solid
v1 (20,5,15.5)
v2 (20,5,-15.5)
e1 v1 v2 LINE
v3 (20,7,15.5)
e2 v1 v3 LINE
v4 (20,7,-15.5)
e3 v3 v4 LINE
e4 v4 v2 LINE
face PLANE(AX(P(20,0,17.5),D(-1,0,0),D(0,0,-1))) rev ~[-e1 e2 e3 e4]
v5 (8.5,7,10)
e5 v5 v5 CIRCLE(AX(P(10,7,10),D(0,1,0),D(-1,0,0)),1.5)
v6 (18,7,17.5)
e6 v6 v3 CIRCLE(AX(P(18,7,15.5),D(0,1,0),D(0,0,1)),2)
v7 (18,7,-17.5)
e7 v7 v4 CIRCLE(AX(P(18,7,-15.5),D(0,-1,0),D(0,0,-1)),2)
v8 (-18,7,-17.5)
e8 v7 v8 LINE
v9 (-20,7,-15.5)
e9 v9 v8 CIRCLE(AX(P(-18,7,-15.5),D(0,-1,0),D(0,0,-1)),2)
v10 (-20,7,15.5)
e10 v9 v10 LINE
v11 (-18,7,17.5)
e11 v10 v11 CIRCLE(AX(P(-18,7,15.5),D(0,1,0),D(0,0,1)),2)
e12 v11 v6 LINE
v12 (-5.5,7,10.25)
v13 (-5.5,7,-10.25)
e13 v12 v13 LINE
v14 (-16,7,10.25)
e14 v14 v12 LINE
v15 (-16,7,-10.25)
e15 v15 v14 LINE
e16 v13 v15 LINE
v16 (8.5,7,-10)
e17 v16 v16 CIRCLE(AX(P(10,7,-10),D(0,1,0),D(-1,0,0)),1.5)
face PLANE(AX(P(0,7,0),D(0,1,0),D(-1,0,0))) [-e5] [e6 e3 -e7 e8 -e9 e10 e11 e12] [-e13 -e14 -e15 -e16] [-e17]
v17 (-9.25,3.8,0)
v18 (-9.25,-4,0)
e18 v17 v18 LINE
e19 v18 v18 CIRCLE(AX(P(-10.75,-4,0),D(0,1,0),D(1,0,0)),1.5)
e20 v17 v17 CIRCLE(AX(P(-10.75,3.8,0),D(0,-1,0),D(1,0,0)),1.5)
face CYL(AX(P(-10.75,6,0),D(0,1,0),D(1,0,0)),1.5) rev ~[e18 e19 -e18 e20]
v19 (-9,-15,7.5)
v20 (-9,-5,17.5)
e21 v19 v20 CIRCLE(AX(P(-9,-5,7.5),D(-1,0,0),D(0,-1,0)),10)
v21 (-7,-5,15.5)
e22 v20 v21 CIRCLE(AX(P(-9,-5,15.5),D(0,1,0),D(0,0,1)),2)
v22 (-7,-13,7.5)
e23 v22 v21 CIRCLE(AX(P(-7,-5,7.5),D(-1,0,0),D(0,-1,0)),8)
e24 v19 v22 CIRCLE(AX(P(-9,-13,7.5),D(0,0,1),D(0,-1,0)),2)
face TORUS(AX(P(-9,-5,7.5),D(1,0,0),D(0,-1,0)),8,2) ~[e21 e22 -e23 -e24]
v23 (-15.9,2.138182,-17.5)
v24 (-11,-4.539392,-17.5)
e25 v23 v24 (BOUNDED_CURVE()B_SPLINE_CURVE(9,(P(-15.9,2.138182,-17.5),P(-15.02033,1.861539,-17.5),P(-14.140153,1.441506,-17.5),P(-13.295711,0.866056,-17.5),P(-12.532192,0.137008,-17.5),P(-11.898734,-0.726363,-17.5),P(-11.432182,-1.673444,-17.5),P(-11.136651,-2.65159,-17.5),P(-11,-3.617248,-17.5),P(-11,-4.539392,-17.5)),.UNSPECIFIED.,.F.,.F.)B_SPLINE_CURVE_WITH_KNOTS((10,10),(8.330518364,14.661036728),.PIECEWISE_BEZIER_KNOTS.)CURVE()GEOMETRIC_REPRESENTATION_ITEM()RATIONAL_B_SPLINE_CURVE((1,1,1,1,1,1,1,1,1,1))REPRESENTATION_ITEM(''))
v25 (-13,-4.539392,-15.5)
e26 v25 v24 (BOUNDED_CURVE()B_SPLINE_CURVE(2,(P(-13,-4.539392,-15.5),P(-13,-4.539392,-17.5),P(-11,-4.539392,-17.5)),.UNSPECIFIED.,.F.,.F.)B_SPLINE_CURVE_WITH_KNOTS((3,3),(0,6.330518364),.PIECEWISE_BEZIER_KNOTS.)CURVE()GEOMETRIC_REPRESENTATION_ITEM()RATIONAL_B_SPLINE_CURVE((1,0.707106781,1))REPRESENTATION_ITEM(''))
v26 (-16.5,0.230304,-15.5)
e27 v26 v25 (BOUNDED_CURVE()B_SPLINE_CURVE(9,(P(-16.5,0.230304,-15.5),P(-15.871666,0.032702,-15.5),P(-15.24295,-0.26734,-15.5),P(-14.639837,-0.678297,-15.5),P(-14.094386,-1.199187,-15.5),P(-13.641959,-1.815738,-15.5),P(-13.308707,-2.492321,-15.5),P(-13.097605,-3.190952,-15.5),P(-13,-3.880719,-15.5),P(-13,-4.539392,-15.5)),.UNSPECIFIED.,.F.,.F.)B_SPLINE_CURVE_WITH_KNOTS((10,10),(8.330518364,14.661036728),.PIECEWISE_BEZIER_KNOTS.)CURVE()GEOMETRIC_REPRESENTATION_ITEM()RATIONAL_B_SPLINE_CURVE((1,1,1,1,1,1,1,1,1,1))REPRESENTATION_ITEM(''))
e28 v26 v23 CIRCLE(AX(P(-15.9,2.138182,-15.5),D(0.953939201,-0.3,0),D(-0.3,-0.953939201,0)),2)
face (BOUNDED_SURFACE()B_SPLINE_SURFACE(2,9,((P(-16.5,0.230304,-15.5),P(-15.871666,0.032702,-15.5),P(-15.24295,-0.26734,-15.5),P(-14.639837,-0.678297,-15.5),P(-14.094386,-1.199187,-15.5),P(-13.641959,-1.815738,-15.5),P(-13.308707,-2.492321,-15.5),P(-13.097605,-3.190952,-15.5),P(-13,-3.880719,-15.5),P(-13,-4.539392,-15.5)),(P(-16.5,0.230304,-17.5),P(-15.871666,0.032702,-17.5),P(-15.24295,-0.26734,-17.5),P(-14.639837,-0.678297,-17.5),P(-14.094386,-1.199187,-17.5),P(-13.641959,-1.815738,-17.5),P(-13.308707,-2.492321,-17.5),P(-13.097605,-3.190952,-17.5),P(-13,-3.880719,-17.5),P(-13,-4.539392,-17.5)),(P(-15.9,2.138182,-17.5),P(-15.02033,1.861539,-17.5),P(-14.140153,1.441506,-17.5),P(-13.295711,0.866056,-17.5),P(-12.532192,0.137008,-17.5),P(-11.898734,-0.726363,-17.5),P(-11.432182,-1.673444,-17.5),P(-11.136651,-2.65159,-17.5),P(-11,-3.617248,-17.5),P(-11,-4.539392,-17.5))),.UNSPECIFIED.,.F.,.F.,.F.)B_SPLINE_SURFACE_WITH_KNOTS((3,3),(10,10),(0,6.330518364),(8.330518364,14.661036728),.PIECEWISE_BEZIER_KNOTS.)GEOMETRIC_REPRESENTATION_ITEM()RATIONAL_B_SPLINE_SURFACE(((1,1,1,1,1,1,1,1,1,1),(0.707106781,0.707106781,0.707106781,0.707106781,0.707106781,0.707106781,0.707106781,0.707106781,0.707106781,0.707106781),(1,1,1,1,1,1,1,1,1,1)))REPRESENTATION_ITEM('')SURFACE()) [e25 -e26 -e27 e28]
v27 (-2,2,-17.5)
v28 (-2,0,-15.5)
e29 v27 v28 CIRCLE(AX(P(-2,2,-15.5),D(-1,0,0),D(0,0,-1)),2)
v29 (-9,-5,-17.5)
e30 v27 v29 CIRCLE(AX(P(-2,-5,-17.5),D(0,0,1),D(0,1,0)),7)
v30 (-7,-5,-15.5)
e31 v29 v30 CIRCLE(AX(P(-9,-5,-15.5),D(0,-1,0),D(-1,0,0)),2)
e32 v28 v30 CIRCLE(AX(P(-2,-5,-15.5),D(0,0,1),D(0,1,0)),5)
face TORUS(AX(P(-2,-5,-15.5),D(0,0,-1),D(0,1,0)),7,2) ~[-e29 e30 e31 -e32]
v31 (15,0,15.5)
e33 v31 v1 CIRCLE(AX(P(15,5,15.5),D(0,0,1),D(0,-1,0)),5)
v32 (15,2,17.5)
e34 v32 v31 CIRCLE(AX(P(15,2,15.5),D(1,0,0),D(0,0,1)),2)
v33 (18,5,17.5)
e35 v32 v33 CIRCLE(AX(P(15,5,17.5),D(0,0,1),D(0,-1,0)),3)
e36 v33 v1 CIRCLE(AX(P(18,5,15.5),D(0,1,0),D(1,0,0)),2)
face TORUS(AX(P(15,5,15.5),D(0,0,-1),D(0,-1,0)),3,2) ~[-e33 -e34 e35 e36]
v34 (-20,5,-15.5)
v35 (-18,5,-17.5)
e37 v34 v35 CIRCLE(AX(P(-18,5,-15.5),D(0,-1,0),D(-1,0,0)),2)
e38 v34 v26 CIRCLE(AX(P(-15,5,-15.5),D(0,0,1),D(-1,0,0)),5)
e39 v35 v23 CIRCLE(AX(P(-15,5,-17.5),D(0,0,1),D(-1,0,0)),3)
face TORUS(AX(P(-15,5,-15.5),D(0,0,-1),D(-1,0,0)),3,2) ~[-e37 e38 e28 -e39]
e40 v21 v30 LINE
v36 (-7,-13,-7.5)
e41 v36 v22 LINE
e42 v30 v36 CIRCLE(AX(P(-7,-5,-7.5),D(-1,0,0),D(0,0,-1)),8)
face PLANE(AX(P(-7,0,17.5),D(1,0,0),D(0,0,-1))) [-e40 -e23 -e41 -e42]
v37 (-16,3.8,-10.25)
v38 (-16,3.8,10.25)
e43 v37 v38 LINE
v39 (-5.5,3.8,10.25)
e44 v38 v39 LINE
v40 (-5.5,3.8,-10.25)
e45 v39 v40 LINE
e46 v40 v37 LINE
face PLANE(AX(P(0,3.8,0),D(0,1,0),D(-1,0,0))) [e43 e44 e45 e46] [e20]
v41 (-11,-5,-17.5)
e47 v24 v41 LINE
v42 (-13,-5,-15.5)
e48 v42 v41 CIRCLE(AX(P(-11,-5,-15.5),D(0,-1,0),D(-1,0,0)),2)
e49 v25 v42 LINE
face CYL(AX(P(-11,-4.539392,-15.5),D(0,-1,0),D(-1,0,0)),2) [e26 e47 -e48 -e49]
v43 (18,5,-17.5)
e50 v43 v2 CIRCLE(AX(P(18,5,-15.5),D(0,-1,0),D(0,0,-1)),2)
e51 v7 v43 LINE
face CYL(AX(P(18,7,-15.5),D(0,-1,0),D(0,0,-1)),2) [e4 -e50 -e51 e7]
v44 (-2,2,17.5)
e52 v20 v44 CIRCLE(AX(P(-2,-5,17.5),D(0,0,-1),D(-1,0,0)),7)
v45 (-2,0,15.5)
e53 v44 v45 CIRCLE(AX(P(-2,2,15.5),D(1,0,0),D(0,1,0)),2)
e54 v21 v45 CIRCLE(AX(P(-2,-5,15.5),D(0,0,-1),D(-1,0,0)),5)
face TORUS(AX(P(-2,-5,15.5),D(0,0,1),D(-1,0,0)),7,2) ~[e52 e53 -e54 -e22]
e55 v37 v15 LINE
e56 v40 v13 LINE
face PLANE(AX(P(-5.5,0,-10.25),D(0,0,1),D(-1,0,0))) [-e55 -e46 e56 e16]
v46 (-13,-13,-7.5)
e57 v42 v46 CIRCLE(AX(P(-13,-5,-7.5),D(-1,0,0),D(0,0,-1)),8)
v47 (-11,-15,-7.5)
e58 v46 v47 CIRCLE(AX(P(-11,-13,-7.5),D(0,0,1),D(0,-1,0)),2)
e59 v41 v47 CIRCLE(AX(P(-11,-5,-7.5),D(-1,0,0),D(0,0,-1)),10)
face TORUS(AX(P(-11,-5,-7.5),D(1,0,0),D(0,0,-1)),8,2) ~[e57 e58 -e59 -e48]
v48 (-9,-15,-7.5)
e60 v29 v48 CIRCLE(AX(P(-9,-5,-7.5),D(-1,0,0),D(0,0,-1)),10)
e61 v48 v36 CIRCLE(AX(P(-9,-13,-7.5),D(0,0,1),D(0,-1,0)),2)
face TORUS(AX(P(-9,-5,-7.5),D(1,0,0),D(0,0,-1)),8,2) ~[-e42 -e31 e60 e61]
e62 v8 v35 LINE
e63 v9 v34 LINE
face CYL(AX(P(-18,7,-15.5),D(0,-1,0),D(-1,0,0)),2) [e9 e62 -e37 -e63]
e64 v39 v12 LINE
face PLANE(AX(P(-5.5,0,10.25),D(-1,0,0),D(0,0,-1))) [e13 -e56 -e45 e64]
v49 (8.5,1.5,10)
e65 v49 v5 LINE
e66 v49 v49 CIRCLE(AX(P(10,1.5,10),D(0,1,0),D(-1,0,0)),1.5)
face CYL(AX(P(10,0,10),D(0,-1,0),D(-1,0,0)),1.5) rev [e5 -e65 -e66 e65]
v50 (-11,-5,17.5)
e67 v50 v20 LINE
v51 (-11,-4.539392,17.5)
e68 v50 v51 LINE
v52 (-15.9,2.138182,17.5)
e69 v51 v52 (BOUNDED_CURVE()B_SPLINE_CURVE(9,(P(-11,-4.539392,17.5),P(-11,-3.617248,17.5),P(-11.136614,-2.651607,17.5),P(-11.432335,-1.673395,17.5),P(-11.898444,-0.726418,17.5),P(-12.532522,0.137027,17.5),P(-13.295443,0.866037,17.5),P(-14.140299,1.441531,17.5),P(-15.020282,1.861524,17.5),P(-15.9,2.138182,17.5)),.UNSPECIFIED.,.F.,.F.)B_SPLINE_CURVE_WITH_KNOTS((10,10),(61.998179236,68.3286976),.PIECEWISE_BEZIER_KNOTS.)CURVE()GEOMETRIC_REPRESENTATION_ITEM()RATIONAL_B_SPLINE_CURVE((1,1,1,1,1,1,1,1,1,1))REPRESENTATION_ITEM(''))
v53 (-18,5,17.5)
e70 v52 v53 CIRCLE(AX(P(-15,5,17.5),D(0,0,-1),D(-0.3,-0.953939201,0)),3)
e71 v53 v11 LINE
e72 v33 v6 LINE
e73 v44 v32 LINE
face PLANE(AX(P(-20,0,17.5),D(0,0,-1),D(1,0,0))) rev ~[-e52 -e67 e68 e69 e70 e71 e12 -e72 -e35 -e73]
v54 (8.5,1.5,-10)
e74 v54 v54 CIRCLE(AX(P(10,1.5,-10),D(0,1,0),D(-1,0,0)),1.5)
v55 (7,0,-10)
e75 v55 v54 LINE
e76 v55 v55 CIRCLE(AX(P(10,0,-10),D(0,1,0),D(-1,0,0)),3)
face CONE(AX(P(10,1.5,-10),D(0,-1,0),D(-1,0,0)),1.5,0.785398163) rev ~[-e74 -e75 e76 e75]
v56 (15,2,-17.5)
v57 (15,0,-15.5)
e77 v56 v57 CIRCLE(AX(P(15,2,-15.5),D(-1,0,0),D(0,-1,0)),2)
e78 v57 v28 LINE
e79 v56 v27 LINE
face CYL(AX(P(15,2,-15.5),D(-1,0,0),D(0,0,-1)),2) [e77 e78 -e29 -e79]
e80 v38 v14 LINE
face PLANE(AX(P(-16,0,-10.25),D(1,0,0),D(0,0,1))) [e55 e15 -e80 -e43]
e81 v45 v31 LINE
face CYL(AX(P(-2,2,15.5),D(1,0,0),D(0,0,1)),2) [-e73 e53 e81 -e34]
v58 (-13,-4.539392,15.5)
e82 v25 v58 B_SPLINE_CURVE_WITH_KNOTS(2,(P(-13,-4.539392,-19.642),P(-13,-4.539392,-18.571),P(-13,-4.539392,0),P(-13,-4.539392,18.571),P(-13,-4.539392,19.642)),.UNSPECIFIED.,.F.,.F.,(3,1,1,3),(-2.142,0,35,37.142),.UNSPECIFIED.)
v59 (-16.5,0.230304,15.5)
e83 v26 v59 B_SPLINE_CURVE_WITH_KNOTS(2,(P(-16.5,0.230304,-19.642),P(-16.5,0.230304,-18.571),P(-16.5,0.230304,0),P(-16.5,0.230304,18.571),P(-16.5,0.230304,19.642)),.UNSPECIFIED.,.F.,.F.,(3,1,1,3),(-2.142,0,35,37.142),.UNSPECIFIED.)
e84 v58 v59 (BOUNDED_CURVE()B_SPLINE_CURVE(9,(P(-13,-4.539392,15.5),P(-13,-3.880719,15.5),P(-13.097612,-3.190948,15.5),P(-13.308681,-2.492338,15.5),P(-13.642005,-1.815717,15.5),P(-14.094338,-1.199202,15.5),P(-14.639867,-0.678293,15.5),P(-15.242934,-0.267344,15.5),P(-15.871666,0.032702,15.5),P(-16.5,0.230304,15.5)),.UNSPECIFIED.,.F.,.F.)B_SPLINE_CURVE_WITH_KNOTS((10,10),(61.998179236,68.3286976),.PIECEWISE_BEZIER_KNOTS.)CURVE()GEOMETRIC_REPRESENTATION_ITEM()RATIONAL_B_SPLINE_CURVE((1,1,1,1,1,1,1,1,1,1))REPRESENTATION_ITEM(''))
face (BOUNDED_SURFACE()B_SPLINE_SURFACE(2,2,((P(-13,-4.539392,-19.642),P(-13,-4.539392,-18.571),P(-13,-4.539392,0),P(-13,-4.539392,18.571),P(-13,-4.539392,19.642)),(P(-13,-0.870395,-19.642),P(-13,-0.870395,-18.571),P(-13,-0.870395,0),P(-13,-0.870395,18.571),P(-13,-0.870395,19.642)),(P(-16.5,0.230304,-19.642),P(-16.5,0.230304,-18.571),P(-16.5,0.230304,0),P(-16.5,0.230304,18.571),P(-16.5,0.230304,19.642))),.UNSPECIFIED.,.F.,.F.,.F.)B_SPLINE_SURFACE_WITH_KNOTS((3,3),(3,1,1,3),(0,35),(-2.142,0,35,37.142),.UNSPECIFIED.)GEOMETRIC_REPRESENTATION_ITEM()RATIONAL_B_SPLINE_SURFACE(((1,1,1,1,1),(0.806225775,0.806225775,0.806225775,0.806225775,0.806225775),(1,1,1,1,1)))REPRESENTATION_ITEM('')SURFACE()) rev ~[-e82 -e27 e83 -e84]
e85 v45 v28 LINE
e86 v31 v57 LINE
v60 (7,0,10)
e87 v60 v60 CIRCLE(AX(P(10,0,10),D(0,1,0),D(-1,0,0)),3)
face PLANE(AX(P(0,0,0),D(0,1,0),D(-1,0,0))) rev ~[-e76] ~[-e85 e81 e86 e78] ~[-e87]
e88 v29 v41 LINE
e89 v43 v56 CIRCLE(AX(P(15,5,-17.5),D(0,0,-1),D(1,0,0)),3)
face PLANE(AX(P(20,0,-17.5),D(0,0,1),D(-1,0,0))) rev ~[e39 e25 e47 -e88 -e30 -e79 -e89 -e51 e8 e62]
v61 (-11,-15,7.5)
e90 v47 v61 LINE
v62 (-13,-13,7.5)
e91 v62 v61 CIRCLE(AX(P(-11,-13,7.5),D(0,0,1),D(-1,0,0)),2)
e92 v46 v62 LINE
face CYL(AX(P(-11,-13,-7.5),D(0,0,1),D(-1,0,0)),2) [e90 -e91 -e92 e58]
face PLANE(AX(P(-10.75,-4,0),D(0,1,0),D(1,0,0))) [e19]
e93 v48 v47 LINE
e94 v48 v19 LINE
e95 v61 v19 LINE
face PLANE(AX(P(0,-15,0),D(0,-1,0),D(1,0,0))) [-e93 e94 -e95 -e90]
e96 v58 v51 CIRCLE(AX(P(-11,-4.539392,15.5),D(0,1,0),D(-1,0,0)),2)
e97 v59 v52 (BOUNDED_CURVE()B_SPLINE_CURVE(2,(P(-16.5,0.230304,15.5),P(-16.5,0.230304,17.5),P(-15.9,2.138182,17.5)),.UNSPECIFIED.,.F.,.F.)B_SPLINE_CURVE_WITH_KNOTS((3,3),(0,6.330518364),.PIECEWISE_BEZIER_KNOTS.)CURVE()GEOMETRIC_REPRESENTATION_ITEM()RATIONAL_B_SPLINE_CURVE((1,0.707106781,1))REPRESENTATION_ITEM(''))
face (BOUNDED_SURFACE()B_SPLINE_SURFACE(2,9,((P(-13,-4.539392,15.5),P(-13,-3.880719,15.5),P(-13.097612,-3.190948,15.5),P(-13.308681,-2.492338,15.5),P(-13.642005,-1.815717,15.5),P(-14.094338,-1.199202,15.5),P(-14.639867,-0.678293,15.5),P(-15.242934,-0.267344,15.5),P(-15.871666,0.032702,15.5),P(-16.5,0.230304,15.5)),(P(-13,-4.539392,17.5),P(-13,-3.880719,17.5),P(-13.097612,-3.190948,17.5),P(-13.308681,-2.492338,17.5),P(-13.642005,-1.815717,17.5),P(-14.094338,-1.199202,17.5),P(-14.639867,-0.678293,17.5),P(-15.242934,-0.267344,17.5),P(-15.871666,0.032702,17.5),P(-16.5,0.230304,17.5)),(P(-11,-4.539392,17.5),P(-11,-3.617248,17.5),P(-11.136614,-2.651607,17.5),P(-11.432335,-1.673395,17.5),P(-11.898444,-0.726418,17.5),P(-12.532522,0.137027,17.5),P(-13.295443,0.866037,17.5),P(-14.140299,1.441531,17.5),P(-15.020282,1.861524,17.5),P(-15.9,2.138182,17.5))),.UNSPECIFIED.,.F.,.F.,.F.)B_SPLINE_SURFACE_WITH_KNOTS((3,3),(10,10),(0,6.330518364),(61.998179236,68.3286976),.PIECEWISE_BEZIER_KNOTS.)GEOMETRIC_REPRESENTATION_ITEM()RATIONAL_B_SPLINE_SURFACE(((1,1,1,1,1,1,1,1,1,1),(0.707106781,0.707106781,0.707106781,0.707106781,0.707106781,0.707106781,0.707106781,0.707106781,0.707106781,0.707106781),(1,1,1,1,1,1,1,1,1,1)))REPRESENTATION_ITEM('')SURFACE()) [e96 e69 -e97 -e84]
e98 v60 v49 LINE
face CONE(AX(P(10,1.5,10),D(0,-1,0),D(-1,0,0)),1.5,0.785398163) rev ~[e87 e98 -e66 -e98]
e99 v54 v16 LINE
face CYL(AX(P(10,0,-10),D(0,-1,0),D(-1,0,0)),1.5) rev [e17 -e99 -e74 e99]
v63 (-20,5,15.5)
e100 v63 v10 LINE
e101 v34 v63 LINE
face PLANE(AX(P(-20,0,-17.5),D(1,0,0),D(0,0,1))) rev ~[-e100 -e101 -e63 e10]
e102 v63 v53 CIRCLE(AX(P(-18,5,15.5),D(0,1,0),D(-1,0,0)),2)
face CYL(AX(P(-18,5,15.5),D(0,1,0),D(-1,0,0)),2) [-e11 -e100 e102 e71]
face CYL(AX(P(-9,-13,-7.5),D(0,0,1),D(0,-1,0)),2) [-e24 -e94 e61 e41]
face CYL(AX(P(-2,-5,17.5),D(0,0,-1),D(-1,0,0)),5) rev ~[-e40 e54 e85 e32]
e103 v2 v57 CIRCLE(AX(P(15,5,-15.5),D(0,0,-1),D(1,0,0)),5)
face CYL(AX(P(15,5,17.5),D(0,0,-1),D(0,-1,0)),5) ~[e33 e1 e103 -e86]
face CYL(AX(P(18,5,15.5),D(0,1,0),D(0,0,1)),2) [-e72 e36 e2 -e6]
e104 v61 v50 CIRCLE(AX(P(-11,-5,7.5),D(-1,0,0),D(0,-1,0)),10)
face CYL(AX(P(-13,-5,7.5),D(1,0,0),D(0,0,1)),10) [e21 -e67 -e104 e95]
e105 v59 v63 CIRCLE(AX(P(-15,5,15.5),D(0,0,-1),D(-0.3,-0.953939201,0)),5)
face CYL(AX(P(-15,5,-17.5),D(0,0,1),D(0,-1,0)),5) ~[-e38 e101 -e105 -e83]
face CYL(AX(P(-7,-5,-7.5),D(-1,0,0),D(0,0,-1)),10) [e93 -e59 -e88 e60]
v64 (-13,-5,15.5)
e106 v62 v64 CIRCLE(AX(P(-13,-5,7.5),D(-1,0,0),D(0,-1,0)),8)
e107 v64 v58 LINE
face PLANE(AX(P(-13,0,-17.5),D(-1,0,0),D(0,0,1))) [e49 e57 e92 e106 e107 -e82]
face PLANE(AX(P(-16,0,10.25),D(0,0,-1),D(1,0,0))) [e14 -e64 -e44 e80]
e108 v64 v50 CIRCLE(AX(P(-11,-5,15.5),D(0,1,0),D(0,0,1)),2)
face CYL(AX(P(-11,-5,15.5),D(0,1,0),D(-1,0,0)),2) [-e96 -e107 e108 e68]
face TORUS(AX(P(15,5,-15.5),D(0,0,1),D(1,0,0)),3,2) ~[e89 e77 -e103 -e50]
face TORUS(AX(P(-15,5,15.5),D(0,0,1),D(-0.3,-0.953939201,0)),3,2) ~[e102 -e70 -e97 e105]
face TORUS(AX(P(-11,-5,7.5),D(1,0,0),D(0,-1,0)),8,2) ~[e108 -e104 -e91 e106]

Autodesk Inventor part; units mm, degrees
ref_plane "YZ Plane" through (0, 0, 0) normal (1, 0, 0) x (0, 1, 0)
ref_plane "XZ Plane" through (0, 0, 0) normal (0, 1, 0) x (-1, 0, 0)
ref_plane "XY Plane" through (0, 0, 0) normal (0, 0, 1) x (1, 0, 0)
sketch "Эскиз1" plane through (0, 0, 0) normal (0, 1, 0) x (-1, 0, 0)
  line L0 (-20, -17.5) -> (20, -17.5)
  line L1 (20, -17.5) -> (20, 17.5)
  line L2 (20, 17.5) -> (-20, 17.5)
  line L3 (-20, 17.5) -> (-20, -17.5)
  line L4 (-20, -17.5) -> (20, 17.5) construction
  line L5 (20, -17.5) -> (-20, 17.5) construction
  line L6 (-10, 17.5) -> (-10, -17.5) construction
  circle A0 centre (-10, 10) radius 1.5
  circle A1 centre (-10, -10) radius 1.5
  line L7 (0, 0) -> (-17.0059, 0) construction
  line L8 (5.5, -10.25) -> (16, -10.25)
  line L9 (16, -10.25) -> (16, 10.25)
  line L10 (16, 10.25) -> (5.5, 10.25)
  line L11 (5.5, 10.25) -> (5.5, -10.25)
  line L12 (5.5, -10.25) -> (16, 10.25) construction
  line L13 (16, -10.25) -> (5.5, 10.25) construction
  circle A2 centre (10.75, 0) radius 1.5
  point P0 (10.75, 0)
  point P1 (10.75, 0)
  dimension "d0" = 3
  dimension "d1" = 3
  dimension "d2" = 20
  dimension "d3" = 10
  dimension "d4" = 35
  dimension "d5" = 10.5
  dimension "d6" = 20.5
  dimension "d14" = 3
  dimension "d17" = 4
  dimension "d18" = 20
extrude "Выдавливание1" add sketch "Эскиз1" along normal blind 7 contours L3 L2 L1 L0
extrude "Выдавливание2" add sketch "Эскиз1" along normal blind 3.8 contours L11 L10 L9 L8 | A2
chamfer "Фаска1" distance 1.5 angle 45 2 edges at (11.5, 0, -10) (11.5, 0, 10)
extrude "Выдавливание3" add sketch "Эскиз1" along normal blind 6 contours A2
fillet "Сопряжение1" radius 5 1 edges at (20, 0, 0)
fillet "Сопряжение2" radius 5 1 edges at (-20, 0, 0)
sketch "Эскиз3" plane through (0, 0, 0) normal (0, -1, 0) x (1, 0, 0)
  line L0 (-15, 17.5) -> (15, 17.5) projected
  line L1 (-7, -17.5) -> (-13, -17.5)
  line L2 (-13, -17.5) -> (-13, 17.5)
  line L3 (-13, 17.5) -> (-7, 17.5)
  line L4 (-7, 17.5) -> (-7, -17.5)
  line L5 (-7, -17.5) -> (-13, 17.5) construction
  line L6 (-13, -17.5) -> (-7, 17.5) construction
  point P0 (0, 0)
  point P1 (-10, 0)
  dimension "d27" = 6
  dimension "d28" = 10
extrude "Выдавливание5" add sketch "Эскиз3" along normal blind 15
fillet "Сопряжение4" radius 10 2 edges at (-10, -15, 17.5) (-10, -15, -17.5)
fillet "Сопряжение5" radius 5 2 edges at (-13, 0, 0) (-7, 0, 0)
fillet "Сопряжение6" radius 2 22 edges at (-13, -15, 0) (-13, -12.0711, -14.5711) (-13, -4.7697, -17.5) (-13.9689, -1.5814, -17.5) (-19.0311, 2.042, -17.5) (-20, 6, -17.5) (-13, -4.7697, 17.5) (-13.9689, -1.5814, 17.5) (-19.0311, 2.042, 17.5) (-20, 6, 17.5) (-13, -12.0711, 14.5711) (-5.5355, -1.4645, 17.5) (6.5, 0, 17.5) (18.5355, 1.4645, 17.5) (20, 6, 17.5) (-7, -15, 0) (-7, -12.0711, -14.5711) (-5.5355, -1.4645, -17.5) (6.5, 0, -17.5) (18.5355, 1.4645, -17.5) (20, 6, -17.5) (-7, -12.0711, 14.5711)
sketch "Эскиз4" plane through (-10.75, 6, 0) normal (0, 1, 0) x (1, 0, 0)
  circle A0 centre (0, 0) radius 1.5 projected
  point P0 (10.75, 0)
extrude "Выдавливание6" cut sketch "Эскиз4" against normal blind 10
properties part number "магнитный  держатель"
